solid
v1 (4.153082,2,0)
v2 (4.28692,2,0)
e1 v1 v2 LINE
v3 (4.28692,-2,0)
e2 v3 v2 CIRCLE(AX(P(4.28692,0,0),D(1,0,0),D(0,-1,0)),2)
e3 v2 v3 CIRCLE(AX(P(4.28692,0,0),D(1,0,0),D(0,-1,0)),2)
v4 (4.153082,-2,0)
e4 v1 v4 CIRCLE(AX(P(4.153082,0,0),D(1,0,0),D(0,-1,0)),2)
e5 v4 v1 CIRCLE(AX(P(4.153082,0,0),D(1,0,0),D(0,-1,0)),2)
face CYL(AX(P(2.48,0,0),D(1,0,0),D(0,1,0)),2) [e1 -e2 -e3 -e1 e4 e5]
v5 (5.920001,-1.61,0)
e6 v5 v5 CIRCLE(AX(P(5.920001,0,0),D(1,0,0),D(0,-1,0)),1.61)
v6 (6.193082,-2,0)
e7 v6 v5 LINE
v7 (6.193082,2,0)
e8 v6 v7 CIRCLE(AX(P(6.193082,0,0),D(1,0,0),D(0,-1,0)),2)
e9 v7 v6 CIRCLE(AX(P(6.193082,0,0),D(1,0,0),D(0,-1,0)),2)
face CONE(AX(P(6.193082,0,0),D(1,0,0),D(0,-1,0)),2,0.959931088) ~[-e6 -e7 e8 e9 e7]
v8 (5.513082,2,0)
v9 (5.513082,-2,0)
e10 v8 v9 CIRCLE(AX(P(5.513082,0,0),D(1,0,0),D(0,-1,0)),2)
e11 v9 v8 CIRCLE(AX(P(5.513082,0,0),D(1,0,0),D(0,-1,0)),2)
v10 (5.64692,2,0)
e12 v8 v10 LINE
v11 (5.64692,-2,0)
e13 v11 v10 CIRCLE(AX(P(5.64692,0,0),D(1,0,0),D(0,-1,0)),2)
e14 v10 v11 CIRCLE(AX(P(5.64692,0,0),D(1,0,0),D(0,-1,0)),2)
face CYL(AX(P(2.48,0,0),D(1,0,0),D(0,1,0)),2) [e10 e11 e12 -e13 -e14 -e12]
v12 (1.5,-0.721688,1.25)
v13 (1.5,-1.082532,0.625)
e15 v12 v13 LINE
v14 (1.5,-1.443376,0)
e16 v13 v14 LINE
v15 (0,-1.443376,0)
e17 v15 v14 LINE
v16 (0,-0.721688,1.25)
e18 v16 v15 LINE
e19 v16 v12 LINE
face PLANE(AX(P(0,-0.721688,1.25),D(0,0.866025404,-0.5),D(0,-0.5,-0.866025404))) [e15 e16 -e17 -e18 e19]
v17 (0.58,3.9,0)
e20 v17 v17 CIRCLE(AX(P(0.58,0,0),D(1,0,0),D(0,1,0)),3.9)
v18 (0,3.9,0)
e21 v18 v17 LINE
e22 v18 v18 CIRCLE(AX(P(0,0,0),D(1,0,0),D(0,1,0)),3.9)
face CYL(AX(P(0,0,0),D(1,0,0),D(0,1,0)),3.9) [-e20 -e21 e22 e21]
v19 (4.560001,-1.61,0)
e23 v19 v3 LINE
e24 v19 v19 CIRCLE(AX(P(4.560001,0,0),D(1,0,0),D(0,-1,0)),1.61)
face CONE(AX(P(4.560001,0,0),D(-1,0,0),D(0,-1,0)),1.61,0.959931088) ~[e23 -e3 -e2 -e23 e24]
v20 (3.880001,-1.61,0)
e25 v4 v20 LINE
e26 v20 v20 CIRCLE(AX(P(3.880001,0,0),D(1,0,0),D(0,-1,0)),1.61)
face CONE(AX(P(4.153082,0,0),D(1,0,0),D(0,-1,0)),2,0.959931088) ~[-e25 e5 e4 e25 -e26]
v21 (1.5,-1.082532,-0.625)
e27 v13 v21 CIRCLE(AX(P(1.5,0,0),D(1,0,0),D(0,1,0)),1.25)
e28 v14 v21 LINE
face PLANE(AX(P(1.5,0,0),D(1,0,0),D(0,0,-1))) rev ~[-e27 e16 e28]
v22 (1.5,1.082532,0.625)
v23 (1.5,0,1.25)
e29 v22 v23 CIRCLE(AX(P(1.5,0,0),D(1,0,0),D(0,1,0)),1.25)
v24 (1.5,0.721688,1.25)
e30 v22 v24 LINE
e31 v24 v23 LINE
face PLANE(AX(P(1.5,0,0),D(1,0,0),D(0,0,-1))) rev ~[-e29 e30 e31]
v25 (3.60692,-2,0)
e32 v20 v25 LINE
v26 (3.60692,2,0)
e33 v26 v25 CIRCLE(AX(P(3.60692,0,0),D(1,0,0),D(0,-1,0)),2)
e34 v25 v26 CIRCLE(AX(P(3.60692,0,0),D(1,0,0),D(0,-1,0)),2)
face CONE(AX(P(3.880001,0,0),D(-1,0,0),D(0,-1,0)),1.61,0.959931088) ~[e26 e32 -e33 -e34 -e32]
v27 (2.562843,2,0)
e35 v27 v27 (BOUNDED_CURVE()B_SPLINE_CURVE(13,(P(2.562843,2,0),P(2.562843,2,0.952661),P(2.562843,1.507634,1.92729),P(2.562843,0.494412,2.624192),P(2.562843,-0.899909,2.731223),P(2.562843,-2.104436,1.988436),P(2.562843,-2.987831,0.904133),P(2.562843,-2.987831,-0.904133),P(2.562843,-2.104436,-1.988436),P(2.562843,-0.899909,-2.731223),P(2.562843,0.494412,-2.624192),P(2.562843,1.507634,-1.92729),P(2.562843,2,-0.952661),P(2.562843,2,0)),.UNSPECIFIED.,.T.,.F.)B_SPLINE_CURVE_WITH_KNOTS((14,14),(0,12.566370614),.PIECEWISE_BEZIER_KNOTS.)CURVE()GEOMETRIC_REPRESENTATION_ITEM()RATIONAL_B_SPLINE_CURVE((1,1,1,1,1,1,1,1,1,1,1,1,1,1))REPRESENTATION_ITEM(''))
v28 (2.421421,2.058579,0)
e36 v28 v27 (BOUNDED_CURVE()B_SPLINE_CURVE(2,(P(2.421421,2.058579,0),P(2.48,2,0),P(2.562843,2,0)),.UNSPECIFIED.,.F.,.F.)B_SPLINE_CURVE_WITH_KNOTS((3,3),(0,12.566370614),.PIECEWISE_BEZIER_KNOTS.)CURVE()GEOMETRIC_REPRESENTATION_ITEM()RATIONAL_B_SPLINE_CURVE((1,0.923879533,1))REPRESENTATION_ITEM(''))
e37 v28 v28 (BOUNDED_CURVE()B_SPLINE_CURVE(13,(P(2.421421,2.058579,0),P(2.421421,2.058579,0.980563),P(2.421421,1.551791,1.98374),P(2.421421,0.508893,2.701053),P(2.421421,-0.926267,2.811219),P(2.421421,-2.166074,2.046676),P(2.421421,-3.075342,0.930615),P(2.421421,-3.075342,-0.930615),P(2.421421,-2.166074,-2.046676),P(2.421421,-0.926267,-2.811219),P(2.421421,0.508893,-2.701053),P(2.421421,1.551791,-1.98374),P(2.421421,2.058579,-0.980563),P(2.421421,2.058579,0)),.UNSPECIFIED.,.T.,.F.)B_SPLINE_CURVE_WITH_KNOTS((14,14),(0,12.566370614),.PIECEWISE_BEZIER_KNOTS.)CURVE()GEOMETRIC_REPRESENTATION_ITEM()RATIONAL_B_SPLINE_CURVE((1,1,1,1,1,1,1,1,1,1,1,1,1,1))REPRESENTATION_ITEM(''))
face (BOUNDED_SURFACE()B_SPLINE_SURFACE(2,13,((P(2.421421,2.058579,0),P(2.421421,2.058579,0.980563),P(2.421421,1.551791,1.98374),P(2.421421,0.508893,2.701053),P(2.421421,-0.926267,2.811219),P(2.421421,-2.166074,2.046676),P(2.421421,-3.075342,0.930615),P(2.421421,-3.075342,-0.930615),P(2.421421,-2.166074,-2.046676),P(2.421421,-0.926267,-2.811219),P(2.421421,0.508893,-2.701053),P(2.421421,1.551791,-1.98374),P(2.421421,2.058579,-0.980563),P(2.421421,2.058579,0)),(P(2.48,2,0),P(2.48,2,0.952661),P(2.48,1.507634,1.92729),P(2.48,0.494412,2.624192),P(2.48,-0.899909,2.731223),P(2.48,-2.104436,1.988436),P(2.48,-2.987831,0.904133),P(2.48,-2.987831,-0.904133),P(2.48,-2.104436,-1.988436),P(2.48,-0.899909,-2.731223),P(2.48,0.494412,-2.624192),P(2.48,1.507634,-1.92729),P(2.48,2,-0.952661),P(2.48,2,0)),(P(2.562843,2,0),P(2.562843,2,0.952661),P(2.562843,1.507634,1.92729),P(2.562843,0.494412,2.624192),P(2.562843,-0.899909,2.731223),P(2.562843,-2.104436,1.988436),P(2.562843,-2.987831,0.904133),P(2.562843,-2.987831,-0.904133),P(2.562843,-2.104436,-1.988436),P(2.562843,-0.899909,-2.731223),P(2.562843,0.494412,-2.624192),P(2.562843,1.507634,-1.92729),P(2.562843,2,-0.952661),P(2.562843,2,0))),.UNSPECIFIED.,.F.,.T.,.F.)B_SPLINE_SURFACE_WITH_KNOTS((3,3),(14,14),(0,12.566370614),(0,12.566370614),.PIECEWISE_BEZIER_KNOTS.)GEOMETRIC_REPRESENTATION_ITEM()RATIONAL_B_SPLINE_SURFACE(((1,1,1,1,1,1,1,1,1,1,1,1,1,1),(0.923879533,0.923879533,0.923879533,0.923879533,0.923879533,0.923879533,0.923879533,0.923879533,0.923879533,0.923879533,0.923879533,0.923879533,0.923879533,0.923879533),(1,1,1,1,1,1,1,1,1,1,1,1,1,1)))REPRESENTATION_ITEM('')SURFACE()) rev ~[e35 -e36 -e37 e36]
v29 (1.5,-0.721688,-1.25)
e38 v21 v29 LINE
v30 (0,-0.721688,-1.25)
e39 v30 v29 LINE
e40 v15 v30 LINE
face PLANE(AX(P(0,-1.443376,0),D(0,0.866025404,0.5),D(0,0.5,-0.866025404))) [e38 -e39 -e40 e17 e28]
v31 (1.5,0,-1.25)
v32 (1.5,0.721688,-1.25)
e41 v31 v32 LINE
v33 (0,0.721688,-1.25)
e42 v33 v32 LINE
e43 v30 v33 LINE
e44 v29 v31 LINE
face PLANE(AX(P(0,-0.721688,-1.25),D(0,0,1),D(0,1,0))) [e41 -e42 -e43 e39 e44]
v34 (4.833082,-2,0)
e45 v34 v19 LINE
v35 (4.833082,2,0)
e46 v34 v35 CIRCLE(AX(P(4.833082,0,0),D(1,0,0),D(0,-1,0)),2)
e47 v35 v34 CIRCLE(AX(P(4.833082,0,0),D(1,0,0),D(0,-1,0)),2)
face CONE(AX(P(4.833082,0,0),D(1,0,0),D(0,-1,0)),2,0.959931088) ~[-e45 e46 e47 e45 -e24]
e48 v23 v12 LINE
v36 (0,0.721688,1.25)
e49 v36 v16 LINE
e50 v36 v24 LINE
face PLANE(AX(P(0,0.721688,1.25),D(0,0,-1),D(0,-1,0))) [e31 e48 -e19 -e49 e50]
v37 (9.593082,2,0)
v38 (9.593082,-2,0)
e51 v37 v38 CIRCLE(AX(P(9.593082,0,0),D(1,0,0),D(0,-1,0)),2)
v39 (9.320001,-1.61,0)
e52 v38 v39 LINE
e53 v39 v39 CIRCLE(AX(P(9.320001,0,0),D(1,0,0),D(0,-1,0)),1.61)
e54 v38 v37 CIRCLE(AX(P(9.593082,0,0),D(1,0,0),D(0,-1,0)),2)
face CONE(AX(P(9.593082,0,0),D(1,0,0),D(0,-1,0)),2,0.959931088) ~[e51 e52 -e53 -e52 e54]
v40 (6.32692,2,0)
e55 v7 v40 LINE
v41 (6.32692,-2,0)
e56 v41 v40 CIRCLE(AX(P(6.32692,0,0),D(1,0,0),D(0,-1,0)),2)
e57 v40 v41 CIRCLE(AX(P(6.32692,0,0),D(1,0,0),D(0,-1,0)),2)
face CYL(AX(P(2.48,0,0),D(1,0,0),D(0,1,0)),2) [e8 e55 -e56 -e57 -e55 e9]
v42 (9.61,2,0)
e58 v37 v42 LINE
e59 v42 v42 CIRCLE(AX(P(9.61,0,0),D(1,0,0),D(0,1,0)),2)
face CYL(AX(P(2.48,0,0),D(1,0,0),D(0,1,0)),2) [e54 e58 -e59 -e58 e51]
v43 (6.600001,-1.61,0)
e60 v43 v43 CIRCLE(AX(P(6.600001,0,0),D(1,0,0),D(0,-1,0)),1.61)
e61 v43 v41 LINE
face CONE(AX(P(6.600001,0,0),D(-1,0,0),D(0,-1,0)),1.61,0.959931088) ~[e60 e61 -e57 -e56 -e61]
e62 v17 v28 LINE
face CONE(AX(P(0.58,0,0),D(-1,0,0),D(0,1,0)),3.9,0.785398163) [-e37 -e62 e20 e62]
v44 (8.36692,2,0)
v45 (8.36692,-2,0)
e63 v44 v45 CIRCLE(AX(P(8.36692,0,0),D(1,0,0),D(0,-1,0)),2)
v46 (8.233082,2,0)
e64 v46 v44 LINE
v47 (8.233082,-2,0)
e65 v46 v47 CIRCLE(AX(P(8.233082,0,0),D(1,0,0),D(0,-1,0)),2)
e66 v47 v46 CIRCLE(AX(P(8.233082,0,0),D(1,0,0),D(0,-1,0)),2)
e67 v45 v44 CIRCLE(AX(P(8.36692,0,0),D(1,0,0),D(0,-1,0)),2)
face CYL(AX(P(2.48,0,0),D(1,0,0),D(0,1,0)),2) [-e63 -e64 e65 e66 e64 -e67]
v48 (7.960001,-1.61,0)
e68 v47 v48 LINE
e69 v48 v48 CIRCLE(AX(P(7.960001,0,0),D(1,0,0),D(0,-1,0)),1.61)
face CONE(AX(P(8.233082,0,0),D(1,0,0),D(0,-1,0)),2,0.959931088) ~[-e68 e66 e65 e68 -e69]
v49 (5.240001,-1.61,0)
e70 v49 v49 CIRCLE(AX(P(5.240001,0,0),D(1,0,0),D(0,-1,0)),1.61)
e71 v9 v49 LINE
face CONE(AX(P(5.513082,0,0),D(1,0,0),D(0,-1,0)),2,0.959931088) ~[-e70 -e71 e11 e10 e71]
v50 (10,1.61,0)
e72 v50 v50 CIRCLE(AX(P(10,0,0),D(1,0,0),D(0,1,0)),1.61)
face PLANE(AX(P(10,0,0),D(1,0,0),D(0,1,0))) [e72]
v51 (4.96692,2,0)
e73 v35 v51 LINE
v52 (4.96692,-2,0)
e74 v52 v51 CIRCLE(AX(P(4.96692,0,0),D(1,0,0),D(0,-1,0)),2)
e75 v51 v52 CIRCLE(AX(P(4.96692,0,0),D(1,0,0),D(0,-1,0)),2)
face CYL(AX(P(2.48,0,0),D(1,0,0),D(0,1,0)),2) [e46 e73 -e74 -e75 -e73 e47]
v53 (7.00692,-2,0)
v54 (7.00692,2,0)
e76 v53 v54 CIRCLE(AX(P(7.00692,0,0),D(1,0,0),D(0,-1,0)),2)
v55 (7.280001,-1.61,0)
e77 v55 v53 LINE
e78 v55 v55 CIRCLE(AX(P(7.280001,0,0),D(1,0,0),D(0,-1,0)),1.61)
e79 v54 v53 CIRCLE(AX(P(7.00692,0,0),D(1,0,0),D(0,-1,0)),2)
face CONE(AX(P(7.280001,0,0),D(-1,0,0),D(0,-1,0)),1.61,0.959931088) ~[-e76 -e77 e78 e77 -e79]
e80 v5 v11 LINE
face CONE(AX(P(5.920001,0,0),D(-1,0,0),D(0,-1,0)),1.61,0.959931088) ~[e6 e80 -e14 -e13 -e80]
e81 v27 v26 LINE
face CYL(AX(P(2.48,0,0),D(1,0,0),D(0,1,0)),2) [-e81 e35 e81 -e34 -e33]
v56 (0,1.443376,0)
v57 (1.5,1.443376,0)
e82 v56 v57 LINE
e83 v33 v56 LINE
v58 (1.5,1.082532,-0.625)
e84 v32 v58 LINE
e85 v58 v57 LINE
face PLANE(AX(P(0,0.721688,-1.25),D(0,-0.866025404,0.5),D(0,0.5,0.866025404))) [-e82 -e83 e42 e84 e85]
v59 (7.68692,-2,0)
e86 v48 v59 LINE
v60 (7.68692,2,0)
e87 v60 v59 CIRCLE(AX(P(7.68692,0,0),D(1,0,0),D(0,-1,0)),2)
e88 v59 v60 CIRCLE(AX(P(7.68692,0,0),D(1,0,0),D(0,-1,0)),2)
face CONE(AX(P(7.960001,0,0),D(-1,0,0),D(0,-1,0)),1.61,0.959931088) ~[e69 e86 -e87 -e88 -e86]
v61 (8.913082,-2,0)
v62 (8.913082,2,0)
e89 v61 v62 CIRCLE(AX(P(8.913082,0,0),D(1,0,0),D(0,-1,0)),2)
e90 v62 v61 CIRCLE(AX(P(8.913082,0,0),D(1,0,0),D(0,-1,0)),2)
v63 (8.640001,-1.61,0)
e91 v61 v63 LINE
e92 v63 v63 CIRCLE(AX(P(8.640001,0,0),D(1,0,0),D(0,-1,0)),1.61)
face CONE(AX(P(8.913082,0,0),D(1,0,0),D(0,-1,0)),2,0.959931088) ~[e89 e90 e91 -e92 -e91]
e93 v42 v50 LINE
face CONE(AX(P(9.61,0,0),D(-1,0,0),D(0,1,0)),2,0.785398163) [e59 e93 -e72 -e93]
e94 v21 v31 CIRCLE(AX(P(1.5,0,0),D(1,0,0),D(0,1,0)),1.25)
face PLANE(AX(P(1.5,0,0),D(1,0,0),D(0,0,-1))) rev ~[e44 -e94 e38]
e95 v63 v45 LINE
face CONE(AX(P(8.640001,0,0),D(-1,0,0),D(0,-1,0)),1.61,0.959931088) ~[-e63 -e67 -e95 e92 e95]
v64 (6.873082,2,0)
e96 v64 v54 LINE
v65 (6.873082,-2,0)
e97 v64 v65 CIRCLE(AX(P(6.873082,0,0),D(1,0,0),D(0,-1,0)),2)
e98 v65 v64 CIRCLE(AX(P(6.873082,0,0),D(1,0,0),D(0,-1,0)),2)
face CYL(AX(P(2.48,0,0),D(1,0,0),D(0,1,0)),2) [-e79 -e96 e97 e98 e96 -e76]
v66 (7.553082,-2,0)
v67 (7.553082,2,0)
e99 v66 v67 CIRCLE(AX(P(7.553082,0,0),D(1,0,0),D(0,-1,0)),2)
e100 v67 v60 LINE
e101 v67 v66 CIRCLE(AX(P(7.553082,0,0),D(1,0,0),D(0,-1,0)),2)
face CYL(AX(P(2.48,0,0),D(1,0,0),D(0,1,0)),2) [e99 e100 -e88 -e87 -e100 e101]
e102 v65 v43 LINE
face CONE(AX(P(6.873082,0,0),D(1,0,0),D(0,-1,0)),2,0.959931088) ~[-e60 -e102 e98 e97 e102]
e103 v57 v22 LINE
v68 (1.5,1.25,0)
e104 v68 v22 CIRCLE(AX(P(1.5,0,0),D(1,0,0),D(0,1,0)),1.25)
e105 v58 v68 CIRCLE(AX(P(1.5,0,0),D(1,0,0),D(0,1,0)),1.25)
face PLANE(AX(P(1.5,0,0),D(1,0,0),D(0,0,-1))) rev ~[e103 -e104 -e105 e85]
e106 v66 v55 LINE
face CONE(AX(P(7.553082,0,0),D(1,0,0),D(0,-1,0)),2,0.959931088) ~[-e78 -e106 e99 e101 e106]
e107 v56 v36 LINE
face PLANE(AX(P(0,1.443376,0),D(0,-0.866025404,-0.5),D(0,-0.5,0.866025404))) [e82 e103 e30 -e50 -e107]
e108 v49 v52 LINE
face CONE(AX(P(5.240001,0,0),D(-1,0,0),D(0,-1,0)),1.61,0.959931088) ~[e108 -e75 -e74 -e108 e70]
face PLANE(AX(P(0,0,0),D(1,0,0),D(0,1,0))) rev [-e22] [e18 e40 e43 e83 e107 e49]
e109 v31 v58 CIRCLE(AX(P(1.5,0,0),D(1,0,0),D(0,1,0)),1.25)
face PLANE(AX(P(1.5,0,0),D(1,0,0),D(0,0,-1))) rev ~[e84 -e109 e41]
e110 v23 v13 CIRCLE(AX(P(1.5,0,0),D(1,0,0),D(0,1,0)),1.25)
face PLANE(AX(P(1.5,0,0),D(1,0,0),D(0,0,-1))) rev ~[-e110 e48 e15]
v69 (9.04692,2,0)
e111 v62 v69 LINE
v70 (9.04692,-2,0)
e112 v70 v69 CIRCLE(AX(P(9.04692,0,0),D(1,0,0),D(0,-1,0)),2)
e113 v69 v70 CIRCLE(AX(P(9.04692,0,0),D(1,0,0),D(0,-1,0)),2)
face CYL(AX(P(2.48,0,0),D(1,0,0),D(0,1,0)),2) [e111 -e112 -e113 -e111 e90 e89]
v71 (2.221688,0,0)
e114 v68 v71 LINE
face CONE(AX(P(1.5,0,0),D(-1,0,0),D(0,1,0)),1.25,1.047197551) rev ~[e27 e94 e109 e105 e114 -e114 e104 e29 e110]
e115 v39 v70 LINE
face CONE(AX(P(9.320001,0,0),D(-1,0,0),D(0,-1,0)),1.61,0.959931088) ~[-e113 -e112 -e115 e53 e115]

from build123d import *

# Parameters (mm, degrees)
FILLET1_R       = 0.2
HEX_2_DEPTH     = 1.5
THDSCHPAT_COUNT = 9
THDSCHPAT_PITCH = 0.68


with BuildPart() as part:
    # BodySke → BaseBody (revolve)
    with BuildSketch(Plane.XY):
        Polygon((0, 0), (0, 3.9), (0.58, 3.9), (2.48, 2), (9.61, 2), (10, 1.61), (10, 0), align=None)
    revolve(axis=Axis((0, 0, 0), (1, 0, 0)))

    # Fillet1
    fillet1_edges = [part.edges().sort_by_distance(p)[0] for p in [
        (2.48, -2, 0),
    ]]
    fillet(fillet1_edges, radius=FILLET1_R)

    # Sketch2 → PreBroach (revolve, cut)
    with BuildSketch(Plane.XY):
        Polygon((0, 1.25), (1.5, 1.25), (2.221687836, 0), (0, 0), align=None)
    revolve(axis=Axis((0, 0, 0), (1, 0, 0)), mode=Mode.SUBTRACT)

    # Sketch3 → Hex 2 (cut)
    with BuildSketch(Plane.ZY):
        Polygon((-1.25, -0.721687836), (-1.25, 0.721687836), (0, 1.443375673), (1.25, 0.721687836), (1.25, -0.721687836), (0, -1.443375673), align=None)
    extrude(amount=-HEX_2_DEPTH, mode=Mode.SUBTRACT)

    # ThdSchSke → ThreadSchematic (revolve, cut)
    with BuildSketch(Plane.XY):
        Polygon((3.880001, -1.61), (3.60692006, -2), (3.60692006, -2.5), (4.15308194, -2.5), (4.15308194, -2), align=None)
    threadschematic = revolve(axis=Axis((-3.175, 0, 0), (1, 0, 0)), mode=Mode.SUBTRACT)

    # ThdSchPat: ThreadSchematic ×9
    with Locations(*[(i * THDSCHPAT_PITCH, 0, 0) for i in range(1, THDSCHPAT_COUNT)]):
        add(threadschematic, mode=Mode.SUBTRACT)


solid = part.part
